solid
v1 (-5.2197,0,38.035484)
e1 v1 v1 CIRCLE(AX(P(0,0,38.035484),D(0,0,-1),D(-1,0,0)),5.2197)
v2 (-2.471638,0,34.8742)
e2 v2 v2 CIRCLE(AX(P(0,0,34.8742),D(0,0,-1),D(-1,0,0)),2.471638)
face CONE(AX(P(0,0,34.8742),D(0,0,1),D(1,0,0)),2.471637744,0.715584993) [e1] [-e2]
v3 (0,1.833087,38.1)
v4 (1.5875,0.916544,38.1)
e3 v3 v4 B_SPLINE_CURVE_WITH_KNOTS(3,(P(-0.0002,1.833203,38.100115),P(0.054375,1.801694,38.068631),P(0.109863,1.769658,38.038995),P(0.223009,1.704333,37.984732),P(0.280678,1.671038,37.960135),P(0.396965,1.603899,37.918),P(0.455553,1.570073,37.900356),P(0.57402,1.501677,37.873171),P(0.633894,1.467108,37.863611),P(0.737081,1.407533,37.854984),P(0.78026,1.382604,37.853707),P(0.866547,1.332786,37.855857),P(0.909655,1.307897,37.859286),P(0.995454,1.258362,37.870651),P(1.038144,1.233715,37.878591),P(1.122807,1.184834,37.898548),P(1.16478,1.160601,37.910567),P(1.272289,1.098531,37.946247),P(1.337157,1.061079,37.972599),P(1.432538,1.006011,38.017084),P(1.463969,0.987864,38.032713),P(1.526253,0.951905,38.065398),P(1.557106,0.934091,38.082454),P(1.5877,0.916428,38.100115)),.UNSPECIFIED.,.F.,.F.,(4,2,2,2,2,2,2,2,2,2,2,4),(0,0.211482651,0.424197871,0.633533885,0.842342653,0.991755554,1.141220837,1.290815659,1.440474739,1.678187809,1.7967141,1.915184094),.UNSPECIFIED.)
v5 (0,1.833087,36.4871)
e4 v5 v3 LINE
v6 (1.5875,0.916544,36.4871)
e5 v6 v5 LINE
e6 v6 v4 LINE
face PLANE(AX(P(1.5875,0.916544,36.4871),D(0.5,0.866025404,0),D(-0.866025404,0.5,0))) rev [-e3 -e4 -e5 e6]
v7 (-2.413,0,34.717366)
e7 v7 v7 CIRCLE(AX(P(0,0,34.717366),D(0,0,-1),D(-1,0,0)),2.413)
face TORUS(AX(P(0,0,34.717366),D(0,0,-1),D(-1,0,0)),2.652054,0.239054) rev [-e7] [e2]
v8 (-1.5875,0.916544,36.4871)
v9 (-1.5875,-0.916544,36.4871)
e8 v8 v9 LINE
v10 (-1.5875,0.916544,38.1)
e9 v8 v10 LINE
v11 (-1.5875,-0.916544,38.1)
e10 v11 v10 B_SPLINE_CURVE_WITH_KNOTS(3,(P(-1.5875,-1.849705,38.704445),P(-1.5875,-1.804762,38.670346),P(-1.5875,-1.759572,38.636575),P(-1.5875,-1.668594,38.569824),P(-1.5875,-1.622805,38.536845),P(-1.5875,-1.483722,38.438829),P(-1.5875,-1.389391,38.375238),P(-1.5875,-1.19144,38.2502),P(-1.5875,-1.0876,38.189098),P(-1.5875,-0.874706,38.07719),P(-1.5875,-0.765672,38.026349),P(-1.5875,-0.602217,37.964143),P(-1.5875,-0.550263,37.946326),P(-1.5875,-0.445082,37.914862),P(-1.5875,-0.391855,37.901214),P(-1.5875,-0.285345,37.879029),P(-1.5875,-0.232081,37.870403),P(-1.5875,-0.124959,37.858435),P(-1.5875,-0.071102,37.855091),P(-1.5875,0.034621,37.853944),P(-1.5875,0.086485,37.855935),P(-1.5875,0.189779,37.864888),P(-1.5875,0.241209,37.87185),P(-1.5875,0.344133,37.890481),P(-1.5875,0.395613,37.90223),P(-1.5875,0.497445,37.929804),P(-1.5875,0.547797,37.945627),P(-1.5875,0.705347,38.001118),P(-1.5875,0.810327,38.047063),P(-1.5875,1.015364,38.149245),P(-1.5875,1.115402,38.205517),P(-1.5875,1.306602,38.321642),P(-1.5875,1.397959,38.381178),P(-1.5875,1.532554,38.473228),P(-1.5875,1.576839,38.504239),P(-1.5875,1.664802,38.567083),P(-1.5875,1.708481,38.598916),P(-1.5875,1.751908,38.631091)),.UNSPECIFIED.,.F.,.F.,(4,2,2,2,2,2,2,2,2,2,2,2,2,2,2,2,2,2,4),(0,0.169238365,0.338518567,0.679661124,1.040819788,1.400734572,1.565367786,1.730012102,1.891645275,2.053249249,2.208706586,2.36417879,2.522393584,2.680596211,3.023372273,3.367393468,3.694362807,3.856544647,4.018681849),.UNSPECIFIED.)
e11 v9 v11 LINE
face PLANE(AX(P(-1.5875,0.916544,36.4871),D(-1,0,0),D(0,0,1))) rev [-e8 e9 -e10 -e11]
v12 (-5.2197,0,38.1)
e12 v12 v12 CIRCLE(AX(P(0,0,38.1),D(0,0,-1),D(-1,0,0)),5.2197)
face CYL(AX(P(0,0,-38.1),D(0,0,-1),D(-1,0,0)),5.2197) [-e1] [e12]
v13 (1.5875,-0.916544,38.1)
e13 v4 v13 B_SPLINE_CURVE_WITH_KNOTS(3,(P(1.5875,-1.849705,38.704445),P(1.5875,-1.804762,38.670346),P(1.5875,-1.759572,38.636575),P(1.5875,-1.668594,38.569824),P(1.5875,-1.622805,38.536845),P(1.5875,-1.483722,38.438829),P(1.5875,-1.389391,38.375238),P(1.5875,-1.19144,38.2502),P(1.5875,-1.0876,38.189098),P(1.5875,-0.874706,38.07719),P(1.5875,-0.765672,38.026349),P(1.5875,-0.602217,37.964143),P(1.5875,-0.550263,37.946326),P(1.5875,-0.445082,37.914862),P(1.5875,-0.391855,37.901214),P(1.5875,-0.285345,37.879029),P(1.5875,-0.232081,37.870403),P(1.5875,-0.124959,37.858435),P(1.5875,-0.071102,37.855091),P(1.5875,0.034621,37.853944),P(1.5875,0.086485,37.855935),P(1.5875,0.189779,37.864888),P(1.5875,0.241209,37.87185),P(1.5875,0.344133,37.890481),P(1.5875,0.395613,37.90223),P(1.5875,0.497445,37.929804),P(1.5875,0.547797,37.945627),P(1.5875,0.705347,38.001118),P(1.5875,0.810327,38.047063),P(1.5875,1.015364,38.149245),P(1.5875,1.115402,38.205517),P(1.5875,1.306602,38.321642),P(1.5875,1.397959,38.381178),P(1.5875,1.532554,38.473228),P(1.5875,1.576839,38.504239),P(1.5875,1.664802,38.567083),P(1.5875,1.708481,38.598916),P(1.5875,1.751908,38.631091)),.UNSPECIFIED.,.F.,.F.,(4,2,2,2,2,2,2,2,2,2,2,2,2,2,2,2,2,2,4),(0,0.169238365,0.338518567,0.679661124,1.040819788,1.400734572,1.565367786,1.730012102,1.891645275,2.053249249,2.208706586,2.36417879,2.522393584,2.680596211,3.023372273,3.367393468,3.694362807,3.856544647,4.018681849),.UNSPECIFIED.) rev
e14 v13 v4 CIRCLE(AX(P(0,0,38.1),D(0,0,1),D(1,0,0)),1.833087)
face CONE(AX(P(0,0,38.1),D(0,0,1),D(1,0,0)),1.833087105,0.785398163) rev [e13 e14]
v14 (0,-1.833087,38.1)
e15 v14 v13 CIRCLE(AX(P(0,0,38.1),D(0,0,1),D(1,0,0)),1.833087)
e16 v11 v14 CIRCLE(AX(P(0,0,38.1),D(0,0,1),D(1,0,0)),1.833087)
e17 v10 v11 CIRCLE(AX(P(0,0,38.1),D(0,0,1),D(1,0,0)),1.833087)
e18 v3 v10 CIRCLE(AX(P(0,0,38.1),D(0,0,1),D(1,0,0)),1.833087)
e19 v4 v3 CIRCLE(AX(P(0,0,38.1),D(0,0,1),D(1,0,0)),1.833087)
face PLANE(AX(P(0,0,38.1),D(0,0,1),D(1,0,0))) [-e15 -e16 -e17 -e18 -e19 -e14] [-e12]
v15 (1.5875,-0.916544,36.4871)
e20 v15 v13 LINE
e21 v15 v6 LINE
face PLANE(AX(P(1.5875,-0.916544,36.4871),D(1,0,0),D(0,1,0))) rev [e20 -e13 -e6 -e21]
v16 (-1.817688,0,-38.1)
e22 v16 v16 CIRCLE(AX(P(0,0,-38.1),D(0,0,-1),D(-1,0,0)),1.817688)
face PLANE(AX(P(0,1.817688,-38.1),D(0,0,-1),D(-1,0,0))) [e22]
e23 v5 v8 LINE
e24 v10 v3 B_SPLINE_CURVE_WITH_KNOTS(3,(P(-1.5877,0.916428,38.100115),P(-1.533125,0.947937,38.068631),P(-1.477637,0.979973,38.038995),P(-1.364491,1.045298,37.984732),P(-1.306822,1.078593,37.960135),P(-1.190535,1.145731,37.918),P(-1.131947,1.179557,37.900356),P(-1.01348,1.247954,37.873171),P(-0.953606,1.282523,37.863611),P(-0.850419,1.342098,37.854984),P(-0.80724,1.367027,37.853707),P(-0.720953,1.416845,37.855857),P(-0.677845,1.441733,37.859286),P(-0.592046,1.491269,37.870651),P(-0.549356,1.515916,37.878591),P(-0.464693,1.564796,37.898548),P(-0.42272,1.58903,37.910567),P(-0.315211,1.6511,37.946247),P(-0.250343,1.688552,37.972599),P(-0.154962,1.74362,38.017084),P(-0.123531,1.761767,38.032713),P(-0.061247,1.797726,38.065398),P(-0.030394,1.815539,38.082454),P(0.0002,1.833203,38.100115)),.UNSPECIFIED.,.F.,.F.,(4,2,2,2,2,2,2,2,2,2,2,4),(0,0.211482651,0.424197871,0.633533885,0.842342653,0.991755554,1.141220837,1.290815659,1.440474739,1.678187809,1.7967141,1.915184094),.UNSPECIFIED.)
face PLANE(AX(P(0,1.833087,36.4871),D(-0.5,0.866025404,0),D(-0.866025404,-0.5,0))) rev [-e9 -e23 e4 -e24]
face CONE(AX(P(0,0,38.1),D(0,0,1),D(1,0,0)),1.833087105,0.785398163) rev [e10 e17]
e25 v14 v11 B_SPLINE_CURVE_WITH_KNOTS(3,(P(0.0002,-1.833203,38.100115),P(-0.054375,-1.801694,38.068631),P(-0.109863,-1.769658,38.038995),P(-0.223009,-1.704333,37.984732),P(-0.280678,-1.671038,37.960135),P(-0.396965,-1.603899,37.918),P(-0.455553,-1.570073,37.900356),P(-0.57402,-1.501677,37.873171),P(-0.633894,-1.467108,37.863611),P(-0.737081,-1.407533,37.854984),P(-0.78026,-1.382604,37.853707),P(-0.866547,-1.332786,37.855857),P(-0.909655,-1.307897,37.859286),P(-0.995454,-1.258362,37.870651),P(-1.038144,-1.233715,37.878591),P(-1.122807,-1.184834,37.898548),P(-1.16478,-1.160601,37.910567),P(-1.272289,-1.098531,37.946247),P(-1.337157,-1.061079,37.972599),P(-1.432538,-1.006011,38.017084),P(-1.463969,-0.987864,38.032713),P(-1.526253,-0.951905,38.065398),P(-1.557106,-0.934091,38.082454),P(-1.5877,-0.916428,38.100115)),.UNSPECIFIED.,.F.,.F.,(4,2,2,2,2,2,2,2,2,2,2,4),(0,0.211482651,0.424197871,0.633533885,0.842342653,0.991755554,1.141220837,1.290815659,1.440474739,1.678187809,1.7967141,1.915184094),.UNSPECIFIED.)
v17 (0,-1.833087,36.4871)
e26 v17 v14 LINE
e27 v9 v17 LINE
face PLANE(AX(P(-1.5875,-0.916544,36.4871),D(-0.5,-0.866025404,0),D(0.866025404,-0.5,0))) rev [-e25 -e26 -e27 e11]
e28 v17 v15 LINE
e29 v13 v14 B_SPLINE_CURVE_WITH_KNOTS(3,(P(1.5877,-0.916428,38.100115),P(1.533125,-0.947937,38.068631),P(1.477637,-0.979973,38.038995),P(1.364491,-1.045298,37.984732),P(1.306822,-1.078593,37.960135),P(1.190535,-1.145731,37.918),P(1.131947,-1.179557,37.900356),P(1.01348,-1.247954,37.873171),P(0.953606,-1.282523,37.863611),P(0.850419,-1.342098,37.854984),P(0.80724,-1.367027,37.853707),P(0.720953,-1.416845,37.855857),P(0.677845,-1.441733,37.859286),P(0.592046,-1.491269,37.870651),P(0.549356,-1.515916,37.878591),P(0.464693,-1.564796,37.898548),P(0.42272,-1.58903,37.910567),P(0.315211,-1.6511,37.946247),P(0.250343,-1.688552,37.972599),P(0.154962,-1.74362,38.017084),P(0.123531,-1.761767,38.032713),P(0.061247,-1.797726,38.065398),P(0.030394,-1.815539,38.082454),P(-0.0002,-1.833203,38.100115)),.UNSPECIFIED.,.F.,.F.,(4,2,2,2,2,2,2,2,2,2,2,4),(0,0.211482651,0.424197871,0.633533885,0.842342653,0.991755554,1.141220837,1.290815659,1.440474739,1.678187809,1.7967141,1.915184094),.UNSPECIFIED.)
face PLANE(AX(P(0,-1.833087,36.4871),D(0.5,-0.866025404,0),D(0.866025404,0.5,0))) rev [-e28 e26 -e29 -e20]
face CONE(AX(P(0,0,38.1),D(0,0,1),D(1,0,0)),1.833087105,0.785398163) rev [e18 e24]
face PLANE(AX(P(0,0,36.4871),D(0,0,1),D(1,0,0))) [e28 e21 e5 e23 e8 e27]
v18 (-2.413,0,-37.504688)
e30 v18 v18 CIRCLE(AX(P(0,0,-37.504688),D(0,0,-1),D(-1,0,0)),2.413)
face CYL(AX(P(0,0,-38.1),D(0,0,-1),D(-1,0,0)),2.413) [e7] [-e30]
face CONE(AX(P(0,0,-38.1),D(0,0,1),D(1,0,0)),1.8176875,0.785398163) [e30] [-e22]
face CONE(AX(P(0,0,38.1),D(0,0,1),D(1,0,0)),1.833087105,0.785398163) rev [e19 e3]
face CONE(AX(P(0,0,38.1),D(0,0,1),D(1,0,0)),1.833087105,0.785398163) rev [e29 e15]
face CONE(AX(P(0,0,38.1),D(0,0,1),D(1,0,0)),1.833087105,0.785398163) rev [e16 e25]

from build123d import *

# Parameters (mm, degrees)
SKETCH10_R         = 1.833087105
CUT_EXTRUDE2_DEPTH = 1.6129
CUT_EXTRUDE2_DRAFT = -45
CUT_EXTRUDE1_DEPTH = 1.6129


with BuildPart() as part:
    # Sketch2 → Revolve1 (revolve)
    with BuildSketch(Plane(origin=(0, 0, 0), x_dir=(0, 0, -1), z_dir=(1, 0, 0)), mode=Mode.PRIVATE) as revolve1_sk:
        with BuildLine():
            Line((-38.035484, 5.2197), (-34.8742, 2.471637744))
            ThreePointArc((-34.8742, 2.471637744), (-34.80108483, 2.428138789), (-34.717366229, 2.413))
            Line((-34.717366229, 2.413), (37.5046875, 2.413))
            Line((37.5046875, 2.413), (38.1, 1.8176875))
            Line((38.1, 1.8176875), (38.1, 0))
            Line((38.1, 0), (-38.1, 0))
            Line((-38.1, 0), (-38.1, 5.2197))
            Line((-38.1, 5.2197), (-38.035484, 5.2197))
        make_face()
    revolve(revolve1_sk.sketch.rotate(Axis((0, 0, -38.1), (0, 0, 1)), 90), axis=Axis((0, 0, -38.1), (0, 0, 1)))


with BuildPart() as cut_extrude2_tool:
    # Sketch10 → Cut-Extrude2 (with draft: the straight prism first)
    with BuildSketch(Plane.XY.offset(38.1)):
        Circle(SKETCH10_R)
    extrude(amount=-CUT_EXTRUDE2_DEPTH)
    # Cut-Extrude2: the draft: its side faces are tilted about the plane it starts from
    cut_extrude2_sides = [cut_extrude2_tool.faces().sort_by_distance(p)[0] for p in [
        (-1.833087105, 0, 37.29355),
    ]]
    draft(cut_extrude2_sides, Plane.XY.offset(38.1), CUT_EXTRUDE2_DRAFT)


with BuildPart() as part_1:
    add(part.part)

    # Cut-Extrude2: cut by cut_extrude2_tool
    add(cut_extrude2_tool.part, mode=Mode.SUBTRACT)

    # Sketch9 → Cut-Extrude1 (cut)
    with BuildSketch(Plane.XY.offset(38.1)):
        Polygon((1.5875, -0.916543552), (1.5875, 0.916543552), (0, 1.833087105), (-1.5875, 0.916543552), (-1.5875, -0.916543552), (0, -1.833087105), align=None)
    extrude(amount=-CUT_EXTRUDE1_DEPTH, mode=Mode.SUBTRACT)


solid = part_1.part
